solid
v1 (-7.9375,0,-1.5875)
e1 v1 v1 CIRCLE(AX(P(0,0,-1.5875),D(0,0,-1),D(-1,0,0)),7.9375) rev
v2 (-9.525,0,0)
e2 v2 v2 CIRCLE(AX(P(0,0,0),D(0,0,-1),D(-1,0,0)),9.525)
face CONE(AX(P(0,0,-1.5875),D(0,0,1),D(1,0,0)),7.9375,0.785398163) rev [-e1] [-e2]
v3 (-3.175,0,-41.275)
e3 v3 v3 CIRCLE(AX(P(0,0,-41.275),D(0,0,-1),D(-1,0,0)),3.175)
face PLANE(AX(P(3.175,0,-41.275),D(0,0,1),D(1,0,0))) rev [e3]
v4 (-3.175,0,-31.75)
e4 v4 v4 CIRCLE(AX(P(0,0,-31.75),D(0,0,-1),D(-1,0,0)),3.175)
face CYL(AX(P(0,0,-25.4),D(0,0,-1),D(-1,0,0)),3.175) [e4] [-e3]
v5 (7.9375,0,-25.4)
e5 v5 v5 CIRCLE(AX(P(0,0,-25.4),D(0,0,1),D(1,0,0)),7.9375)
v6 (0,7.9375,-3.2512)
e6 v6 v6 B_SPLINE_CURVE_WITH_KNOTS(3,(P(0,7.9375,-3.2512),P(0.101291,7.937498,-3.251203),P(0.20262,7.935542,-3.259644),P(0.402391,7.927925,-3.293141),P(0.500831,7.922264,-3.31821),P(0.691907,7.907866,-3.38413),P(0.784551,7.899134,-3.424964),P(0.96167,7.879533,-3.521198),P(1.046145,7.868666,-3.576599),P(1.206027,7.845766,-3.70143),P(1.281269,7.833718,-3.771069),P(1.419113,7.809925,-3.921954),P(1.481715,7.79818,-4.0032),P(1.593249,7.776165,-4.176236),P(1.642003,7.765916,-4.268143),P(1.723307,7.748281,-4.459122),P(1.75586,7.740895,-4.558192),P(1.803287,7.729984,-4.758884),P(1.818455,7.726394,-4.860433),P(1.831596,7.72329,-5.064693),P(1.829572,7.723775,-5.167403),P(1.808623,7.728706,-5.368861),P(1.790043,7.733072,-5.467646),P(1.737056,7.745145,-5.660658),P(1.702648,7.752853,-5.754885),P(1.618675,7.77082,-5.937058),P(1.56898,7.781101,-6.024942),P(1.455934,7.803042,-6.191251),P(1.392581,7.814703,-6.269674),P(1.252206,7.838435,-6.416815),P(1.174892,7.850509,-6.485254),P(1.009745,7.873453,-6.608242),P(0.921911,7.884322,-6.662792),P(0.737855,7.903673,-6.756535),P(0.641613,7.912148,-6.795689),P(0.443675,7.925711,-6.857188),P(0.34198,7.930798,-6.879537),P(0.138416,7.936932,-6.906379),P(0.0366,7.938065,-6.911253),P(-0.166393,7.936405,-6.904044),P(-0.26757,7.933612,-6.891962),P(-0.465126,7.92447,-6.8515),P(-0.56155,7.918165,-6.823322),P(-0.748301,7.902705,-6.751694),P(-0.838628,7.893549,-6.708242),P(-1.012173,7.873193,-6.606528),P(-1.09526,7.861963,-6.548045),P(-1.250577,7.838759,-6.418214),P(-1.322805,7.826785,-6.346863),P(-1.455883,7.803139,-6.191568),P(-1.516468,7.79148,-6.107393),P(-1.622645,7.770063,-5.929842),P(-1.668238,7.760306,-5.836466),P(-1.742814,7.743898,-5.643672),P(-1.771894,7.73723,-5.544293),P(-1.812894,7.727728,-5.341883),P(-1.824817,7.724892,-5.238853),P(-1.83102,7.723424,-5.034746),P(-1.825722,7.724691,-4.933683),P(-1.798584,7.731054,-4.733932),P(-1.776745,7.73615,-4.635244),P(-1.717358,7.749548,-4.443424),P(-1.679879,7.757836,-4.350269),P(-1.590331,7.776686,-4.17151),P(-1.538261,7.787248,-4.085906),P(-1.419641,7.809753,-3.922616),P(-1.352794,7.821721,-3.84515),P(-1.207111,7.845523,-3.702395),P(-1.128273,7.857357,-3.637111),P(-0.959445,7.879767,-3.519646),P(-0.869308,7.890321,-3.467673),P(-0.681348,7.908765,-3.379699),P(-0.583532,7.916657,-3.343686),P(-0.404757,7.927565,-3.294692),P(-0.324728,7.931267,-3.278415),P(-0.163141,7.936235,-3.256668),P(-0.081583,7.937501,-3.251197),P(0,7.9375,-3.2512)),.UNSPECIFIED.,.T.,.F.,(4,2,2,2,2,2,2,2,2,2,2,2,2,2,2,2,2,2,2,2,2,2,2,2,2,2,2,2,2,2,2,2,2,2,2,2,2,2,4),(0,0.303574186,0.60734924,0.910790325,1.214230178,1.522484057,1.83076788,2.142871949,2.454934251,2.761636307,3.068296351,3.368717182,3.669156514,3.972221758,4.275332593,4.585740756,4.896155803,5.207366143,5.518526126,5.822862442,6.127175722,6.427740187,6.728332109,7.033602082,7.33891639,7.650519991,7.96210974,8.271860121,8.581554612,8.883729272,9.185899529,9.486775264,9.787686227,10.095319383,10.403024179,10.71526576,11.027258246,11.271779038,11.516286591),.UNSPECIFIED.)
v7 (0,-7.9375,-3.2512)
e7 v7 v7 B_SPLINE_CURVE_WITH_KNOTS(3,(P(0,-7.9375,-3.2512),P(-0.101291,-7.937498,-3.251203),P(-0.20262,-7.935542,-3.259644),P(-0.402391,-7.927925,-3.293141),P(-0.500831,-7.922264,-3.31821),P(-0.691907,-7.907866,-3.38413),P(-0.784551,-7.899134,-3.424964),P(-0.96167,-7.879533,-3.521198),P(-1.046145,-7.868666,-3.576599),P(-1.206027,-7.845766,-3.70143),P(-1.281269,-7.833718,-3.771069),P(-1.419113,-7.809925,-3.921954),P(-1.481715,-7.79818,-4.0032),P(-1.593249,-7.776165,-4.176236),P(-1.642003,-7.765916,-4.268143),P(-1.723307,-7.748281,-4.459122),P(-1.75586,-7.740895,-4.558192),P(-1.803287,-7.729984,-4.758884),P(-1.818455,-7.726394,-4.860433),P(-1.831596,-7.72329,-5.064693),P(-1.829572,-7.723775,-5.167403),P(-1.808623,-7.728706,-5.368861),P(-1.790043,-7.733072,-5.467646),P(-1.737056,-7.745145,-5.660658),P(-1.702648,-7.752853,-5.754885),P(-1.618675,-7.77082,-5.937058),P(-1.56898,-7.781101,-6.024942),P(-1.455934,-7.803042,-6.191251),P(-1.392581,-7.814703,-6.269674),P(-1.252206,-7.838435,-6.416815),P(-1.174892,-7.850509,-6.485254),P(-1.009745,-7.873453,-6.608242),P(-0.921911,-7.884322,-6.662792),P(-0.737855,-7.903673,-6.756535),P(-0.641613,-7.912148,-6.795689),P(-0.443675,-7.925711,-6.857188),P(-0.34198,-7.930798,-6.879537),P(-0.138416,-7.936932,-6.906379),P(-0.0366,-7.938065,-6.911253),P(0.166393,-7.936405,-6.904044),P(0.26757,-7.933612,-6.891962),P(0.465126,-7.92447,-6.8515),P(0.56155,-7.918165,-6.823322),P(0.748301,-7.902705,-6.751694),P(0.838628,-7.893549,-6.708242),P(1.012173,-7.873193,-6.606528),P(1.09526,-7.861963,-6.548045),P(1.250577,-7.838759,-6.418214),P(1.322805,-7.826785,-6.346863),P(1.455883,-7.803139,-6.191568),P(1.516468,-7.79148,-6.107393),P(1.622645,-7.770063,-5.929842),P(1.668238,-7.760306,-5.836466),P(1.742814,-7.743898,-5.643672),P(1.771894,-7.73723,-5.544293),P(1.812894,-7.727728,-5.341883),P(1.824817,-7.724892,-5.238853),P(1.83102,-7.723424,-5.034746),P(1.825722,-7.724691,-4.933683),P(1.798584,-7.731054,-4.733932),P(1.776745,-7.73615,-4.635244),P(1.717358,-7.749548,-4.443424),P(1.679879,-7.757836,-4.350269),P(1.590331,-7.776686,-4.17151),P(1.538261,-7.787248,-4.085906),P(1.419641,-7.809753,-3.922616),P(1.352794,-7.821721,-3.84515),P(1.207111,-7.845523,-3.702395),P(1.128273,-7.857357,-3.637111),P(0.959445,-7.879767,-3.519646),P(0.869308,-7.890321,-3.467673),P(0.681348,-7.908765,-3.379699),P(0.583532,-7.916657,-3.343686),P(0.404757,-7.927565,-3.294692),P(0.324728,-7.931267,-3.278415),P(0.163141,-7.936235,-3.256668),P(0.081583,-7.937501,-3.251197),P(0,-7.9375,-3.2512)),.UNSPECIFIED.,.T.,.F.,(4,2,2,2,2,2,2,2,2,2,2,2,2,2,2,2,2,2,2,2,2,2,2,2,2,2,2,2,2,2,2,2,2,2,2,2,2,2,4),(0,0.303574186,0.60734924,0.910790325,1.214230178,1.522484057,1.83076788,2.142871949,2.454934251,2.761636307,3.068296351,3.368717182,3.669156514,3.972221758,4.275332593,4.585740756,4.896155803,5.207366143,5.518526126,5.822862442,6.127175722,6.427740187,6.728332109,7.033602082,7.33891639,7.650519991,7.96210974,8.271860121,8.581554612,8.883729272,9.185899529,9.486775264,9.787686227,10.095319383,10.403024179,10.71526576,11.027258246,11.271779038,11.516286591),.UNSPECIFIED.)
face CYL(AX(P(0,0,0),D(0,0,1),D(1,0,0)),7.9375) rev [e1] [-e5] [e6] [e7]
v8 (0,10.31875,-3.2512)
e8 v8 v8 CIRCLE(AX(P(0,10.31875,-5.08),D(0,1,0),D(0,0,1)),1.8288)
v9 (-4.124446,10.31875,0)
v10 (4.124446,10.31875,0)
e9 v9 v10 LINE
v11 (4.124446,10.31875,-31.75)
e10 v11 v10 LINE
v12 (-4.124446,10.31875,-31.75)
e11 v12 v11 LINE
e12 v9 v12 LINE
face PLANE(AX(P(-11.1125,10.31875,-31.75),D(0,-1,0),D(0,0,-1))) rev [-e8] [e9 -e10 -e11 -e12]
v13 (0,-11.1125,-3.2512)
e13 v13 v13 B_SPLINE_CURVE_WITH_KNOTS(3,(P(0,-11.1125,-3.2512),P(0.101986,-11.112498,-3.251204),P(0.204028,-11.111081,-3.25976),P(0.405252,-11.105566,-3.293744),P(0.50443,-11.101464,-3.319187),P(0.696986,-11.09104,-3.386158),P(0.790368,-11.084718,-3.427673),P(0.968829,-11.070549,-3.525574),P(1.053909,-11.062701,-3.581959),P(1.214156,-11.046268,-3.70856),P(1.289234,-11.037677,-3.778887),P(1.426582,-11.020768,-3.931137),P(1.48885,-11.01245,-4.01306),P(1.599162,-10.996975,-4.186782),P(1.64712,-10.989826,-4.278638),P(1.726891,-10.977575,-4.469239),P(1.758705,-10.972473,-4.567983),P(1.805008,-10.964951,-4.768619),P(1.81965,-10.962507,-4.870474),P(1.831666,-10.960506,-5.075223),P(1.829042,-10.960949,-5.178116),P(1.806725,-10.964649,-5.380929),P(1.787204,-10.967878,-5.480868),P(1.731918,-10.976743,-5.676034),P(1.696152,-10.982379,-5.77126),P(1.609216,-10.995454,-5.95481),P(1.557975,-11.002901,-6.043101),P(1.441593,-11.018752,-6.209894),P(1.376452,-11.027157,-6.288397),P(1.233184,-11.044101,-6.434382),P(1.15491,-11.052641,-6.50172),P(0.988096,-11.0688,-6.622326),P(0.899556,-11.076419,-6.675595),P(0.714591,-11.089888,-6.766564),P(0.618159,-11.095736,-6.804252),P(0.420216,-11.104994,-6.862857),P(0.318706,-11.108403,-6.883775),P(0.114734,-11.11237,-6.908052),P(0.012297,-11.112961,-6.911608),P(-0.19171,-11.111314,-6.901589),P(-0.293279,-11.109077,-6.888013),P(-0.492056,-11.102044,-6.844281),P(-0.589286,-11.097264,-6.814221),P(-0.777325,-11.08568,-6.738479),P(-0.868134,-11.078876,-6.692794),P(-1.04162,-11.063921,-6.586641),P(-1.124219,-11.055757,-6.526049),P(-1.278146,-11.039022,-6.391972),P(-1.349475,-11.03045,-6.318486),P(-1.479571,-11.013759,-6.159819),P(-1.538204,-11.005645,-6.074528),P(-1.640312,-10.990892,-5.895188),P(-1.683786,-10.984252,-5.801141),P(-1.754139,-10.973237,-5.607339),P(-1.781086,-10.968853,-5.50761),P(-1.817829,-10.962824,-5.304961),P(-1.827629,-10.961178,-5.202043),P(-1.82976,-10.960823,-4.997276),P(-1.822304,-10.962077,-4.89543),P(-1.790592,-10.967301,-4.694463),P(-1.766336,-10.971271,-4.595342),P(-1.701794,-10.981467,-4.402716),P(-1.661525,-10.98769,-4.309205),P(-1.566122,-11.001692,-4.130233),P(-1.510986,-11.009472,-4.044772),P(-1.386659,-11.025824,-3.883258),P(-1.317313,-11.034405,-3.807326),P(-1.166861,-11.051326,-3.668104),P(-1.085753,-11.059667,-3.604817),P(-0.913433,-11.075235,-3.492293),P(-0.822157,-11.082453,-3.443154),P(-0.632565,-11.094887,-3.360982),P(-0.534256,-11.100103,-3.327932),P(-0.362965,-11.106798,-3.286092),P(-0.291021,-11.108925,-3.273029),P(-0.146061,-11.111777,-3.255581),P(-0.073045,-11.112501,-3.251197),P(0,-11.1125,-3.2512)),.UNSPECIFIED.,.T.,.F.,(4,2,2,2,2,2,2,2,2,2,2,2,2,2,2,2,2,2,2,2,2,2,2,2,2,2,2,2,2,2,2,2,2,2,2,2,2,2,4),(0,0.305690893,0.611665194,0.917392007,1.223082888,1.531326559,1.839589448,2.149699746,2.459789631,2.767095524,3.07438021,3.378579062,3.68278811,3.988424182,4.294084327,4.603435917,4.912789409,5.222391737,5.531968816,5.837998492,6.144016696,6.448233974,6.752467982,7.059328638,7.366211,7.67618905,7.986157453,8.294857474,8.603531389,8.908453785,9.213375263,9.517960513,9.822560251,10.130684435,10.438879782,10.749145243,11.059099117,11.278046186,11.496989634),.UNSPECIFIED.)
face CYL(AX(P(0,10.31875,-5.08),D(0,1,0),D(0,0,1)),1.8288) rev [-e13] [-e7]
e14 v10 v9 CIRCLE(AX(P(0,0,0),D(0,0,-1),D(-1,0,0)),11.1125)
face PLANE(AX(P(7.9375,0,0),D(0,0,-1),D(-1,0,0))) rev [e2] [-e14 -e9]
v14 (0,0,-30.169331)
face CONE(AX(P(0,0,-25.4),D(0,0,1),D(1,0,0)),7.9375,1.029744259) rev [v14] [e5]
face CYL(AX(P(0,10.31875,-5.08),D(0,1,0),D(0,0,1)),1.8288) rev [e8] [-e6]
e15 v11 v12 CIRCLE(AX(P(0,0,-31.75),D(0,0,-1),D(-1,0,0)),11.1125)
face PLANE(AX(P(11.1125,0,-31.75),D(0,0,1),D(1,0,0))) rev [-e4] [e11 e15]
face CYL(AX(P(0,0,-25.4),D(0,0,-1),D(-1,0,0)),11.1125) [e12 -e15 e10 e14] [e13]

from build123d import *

# Parameters (mm, degrees)
F_5_8_0_625_DIAMETER_HOLE1_D     = 15.875
F_5_8_0_625_DIAMETER_HOLE1_DEPTH = 25.4
F_5_8_0_625_DIAMETER_HOLE1_TIP   = 4.769331164
CUT_EXTRUDE1_DEPTH               = 45.165608085
CUT_EXTRUDE1_DEPTH_BACK          = 45.165608085
SKETCH3_W                        = 31.75
SKETCH3_H                        = 0.79375
F_6_CLEARANCE_HOLE1_D            = 3.6576
CHAMFER1_SIZE                    = 1.5875


with BuildPart() as part:
    # Sketch1 → Revolve1 (revolve)
    with BuildSketch(Plane(origin=(0, 0, 0), x_dir=(1, 0, 0), z_dir=(0, 1, 0)), mode=Mode.PRIVATE) as revolve1_sk:
        Polygon((0, 0), (7.9375, 0), (11.1125, 0), (11.1125, 31.75), (3.175, 31.75), (3.175, 41.275), (0, 41.275), (0, 25.4), align=None)
    revolve(revolve1_sk.sketch.rotate(Axis((0, 0, -25.4), (0, 0, 1)), 180), axis=Axis((0, 0, -25.4), (0, 0, 1)))

    # 5/8 (0.625) Diameter Hole1
    with Locations(Plane.XY):
        with Locations((0, 0)):
            Hole(F_5_8_0_625_DIAMETER_HOLE1_D / 2, depth=F_5_8_0_625_DIAMETER_HOLE1_DEPTH)
            with Locations((0, 0, -(F_5_8_0_625_DIAMETER_HOLE1_DEPTH + F_5_8_0_625_DIAMETER_HOLE1_TIP / 2))):  # 118° drill point
                Cone(0, F_5_8_0_625_DIAMETER_HOLE1_D / 2, F_5_8_0_625_DIAMETER_HOLE1_TIP, mode=Mode.SUBTRACT)

    # Sketch3 → Cut-Extrude1 (cut, two sides: drawn at the far end of the back side and taken through both)
    with BuildSketch(Plane(origin=(0, 0, 0), x_dir=(0, 0, -1), z_dir=(1, 0, 0)).offset(-CUT_EXTRUDE1_DEPTH_BACK)):
        with Locations((15.875, 10.715625)):
            Rectangle(SKETCH3_W, SKETCH3_H)
    extrude(amount=CUT_EXTRUDE1_DEPTH + CUT_EXTRUDE1_DEPTH_BACK, mode=Mode.SUBTRACT)

    # #6 Clearance Hole1 (through all)
    with Locations(Plane(origin=(0, 10.31875, 0), x_dir=(1, 0, 0), z_dir=(0, 1, 0))):
        with Locations((0, 5.08)):
            Hole(F_6_CLEARANCE_HOLE1_D / 2)

    # Chamfer1
    chamfer1_edges = [part.edges().sort_by_distance(p)[0] for p in [
        (7.9375, 0, 0),
    ]]
    chamfer(chamfer1_edges, length=CHAMFER1_SIZE)


solid = part.part
